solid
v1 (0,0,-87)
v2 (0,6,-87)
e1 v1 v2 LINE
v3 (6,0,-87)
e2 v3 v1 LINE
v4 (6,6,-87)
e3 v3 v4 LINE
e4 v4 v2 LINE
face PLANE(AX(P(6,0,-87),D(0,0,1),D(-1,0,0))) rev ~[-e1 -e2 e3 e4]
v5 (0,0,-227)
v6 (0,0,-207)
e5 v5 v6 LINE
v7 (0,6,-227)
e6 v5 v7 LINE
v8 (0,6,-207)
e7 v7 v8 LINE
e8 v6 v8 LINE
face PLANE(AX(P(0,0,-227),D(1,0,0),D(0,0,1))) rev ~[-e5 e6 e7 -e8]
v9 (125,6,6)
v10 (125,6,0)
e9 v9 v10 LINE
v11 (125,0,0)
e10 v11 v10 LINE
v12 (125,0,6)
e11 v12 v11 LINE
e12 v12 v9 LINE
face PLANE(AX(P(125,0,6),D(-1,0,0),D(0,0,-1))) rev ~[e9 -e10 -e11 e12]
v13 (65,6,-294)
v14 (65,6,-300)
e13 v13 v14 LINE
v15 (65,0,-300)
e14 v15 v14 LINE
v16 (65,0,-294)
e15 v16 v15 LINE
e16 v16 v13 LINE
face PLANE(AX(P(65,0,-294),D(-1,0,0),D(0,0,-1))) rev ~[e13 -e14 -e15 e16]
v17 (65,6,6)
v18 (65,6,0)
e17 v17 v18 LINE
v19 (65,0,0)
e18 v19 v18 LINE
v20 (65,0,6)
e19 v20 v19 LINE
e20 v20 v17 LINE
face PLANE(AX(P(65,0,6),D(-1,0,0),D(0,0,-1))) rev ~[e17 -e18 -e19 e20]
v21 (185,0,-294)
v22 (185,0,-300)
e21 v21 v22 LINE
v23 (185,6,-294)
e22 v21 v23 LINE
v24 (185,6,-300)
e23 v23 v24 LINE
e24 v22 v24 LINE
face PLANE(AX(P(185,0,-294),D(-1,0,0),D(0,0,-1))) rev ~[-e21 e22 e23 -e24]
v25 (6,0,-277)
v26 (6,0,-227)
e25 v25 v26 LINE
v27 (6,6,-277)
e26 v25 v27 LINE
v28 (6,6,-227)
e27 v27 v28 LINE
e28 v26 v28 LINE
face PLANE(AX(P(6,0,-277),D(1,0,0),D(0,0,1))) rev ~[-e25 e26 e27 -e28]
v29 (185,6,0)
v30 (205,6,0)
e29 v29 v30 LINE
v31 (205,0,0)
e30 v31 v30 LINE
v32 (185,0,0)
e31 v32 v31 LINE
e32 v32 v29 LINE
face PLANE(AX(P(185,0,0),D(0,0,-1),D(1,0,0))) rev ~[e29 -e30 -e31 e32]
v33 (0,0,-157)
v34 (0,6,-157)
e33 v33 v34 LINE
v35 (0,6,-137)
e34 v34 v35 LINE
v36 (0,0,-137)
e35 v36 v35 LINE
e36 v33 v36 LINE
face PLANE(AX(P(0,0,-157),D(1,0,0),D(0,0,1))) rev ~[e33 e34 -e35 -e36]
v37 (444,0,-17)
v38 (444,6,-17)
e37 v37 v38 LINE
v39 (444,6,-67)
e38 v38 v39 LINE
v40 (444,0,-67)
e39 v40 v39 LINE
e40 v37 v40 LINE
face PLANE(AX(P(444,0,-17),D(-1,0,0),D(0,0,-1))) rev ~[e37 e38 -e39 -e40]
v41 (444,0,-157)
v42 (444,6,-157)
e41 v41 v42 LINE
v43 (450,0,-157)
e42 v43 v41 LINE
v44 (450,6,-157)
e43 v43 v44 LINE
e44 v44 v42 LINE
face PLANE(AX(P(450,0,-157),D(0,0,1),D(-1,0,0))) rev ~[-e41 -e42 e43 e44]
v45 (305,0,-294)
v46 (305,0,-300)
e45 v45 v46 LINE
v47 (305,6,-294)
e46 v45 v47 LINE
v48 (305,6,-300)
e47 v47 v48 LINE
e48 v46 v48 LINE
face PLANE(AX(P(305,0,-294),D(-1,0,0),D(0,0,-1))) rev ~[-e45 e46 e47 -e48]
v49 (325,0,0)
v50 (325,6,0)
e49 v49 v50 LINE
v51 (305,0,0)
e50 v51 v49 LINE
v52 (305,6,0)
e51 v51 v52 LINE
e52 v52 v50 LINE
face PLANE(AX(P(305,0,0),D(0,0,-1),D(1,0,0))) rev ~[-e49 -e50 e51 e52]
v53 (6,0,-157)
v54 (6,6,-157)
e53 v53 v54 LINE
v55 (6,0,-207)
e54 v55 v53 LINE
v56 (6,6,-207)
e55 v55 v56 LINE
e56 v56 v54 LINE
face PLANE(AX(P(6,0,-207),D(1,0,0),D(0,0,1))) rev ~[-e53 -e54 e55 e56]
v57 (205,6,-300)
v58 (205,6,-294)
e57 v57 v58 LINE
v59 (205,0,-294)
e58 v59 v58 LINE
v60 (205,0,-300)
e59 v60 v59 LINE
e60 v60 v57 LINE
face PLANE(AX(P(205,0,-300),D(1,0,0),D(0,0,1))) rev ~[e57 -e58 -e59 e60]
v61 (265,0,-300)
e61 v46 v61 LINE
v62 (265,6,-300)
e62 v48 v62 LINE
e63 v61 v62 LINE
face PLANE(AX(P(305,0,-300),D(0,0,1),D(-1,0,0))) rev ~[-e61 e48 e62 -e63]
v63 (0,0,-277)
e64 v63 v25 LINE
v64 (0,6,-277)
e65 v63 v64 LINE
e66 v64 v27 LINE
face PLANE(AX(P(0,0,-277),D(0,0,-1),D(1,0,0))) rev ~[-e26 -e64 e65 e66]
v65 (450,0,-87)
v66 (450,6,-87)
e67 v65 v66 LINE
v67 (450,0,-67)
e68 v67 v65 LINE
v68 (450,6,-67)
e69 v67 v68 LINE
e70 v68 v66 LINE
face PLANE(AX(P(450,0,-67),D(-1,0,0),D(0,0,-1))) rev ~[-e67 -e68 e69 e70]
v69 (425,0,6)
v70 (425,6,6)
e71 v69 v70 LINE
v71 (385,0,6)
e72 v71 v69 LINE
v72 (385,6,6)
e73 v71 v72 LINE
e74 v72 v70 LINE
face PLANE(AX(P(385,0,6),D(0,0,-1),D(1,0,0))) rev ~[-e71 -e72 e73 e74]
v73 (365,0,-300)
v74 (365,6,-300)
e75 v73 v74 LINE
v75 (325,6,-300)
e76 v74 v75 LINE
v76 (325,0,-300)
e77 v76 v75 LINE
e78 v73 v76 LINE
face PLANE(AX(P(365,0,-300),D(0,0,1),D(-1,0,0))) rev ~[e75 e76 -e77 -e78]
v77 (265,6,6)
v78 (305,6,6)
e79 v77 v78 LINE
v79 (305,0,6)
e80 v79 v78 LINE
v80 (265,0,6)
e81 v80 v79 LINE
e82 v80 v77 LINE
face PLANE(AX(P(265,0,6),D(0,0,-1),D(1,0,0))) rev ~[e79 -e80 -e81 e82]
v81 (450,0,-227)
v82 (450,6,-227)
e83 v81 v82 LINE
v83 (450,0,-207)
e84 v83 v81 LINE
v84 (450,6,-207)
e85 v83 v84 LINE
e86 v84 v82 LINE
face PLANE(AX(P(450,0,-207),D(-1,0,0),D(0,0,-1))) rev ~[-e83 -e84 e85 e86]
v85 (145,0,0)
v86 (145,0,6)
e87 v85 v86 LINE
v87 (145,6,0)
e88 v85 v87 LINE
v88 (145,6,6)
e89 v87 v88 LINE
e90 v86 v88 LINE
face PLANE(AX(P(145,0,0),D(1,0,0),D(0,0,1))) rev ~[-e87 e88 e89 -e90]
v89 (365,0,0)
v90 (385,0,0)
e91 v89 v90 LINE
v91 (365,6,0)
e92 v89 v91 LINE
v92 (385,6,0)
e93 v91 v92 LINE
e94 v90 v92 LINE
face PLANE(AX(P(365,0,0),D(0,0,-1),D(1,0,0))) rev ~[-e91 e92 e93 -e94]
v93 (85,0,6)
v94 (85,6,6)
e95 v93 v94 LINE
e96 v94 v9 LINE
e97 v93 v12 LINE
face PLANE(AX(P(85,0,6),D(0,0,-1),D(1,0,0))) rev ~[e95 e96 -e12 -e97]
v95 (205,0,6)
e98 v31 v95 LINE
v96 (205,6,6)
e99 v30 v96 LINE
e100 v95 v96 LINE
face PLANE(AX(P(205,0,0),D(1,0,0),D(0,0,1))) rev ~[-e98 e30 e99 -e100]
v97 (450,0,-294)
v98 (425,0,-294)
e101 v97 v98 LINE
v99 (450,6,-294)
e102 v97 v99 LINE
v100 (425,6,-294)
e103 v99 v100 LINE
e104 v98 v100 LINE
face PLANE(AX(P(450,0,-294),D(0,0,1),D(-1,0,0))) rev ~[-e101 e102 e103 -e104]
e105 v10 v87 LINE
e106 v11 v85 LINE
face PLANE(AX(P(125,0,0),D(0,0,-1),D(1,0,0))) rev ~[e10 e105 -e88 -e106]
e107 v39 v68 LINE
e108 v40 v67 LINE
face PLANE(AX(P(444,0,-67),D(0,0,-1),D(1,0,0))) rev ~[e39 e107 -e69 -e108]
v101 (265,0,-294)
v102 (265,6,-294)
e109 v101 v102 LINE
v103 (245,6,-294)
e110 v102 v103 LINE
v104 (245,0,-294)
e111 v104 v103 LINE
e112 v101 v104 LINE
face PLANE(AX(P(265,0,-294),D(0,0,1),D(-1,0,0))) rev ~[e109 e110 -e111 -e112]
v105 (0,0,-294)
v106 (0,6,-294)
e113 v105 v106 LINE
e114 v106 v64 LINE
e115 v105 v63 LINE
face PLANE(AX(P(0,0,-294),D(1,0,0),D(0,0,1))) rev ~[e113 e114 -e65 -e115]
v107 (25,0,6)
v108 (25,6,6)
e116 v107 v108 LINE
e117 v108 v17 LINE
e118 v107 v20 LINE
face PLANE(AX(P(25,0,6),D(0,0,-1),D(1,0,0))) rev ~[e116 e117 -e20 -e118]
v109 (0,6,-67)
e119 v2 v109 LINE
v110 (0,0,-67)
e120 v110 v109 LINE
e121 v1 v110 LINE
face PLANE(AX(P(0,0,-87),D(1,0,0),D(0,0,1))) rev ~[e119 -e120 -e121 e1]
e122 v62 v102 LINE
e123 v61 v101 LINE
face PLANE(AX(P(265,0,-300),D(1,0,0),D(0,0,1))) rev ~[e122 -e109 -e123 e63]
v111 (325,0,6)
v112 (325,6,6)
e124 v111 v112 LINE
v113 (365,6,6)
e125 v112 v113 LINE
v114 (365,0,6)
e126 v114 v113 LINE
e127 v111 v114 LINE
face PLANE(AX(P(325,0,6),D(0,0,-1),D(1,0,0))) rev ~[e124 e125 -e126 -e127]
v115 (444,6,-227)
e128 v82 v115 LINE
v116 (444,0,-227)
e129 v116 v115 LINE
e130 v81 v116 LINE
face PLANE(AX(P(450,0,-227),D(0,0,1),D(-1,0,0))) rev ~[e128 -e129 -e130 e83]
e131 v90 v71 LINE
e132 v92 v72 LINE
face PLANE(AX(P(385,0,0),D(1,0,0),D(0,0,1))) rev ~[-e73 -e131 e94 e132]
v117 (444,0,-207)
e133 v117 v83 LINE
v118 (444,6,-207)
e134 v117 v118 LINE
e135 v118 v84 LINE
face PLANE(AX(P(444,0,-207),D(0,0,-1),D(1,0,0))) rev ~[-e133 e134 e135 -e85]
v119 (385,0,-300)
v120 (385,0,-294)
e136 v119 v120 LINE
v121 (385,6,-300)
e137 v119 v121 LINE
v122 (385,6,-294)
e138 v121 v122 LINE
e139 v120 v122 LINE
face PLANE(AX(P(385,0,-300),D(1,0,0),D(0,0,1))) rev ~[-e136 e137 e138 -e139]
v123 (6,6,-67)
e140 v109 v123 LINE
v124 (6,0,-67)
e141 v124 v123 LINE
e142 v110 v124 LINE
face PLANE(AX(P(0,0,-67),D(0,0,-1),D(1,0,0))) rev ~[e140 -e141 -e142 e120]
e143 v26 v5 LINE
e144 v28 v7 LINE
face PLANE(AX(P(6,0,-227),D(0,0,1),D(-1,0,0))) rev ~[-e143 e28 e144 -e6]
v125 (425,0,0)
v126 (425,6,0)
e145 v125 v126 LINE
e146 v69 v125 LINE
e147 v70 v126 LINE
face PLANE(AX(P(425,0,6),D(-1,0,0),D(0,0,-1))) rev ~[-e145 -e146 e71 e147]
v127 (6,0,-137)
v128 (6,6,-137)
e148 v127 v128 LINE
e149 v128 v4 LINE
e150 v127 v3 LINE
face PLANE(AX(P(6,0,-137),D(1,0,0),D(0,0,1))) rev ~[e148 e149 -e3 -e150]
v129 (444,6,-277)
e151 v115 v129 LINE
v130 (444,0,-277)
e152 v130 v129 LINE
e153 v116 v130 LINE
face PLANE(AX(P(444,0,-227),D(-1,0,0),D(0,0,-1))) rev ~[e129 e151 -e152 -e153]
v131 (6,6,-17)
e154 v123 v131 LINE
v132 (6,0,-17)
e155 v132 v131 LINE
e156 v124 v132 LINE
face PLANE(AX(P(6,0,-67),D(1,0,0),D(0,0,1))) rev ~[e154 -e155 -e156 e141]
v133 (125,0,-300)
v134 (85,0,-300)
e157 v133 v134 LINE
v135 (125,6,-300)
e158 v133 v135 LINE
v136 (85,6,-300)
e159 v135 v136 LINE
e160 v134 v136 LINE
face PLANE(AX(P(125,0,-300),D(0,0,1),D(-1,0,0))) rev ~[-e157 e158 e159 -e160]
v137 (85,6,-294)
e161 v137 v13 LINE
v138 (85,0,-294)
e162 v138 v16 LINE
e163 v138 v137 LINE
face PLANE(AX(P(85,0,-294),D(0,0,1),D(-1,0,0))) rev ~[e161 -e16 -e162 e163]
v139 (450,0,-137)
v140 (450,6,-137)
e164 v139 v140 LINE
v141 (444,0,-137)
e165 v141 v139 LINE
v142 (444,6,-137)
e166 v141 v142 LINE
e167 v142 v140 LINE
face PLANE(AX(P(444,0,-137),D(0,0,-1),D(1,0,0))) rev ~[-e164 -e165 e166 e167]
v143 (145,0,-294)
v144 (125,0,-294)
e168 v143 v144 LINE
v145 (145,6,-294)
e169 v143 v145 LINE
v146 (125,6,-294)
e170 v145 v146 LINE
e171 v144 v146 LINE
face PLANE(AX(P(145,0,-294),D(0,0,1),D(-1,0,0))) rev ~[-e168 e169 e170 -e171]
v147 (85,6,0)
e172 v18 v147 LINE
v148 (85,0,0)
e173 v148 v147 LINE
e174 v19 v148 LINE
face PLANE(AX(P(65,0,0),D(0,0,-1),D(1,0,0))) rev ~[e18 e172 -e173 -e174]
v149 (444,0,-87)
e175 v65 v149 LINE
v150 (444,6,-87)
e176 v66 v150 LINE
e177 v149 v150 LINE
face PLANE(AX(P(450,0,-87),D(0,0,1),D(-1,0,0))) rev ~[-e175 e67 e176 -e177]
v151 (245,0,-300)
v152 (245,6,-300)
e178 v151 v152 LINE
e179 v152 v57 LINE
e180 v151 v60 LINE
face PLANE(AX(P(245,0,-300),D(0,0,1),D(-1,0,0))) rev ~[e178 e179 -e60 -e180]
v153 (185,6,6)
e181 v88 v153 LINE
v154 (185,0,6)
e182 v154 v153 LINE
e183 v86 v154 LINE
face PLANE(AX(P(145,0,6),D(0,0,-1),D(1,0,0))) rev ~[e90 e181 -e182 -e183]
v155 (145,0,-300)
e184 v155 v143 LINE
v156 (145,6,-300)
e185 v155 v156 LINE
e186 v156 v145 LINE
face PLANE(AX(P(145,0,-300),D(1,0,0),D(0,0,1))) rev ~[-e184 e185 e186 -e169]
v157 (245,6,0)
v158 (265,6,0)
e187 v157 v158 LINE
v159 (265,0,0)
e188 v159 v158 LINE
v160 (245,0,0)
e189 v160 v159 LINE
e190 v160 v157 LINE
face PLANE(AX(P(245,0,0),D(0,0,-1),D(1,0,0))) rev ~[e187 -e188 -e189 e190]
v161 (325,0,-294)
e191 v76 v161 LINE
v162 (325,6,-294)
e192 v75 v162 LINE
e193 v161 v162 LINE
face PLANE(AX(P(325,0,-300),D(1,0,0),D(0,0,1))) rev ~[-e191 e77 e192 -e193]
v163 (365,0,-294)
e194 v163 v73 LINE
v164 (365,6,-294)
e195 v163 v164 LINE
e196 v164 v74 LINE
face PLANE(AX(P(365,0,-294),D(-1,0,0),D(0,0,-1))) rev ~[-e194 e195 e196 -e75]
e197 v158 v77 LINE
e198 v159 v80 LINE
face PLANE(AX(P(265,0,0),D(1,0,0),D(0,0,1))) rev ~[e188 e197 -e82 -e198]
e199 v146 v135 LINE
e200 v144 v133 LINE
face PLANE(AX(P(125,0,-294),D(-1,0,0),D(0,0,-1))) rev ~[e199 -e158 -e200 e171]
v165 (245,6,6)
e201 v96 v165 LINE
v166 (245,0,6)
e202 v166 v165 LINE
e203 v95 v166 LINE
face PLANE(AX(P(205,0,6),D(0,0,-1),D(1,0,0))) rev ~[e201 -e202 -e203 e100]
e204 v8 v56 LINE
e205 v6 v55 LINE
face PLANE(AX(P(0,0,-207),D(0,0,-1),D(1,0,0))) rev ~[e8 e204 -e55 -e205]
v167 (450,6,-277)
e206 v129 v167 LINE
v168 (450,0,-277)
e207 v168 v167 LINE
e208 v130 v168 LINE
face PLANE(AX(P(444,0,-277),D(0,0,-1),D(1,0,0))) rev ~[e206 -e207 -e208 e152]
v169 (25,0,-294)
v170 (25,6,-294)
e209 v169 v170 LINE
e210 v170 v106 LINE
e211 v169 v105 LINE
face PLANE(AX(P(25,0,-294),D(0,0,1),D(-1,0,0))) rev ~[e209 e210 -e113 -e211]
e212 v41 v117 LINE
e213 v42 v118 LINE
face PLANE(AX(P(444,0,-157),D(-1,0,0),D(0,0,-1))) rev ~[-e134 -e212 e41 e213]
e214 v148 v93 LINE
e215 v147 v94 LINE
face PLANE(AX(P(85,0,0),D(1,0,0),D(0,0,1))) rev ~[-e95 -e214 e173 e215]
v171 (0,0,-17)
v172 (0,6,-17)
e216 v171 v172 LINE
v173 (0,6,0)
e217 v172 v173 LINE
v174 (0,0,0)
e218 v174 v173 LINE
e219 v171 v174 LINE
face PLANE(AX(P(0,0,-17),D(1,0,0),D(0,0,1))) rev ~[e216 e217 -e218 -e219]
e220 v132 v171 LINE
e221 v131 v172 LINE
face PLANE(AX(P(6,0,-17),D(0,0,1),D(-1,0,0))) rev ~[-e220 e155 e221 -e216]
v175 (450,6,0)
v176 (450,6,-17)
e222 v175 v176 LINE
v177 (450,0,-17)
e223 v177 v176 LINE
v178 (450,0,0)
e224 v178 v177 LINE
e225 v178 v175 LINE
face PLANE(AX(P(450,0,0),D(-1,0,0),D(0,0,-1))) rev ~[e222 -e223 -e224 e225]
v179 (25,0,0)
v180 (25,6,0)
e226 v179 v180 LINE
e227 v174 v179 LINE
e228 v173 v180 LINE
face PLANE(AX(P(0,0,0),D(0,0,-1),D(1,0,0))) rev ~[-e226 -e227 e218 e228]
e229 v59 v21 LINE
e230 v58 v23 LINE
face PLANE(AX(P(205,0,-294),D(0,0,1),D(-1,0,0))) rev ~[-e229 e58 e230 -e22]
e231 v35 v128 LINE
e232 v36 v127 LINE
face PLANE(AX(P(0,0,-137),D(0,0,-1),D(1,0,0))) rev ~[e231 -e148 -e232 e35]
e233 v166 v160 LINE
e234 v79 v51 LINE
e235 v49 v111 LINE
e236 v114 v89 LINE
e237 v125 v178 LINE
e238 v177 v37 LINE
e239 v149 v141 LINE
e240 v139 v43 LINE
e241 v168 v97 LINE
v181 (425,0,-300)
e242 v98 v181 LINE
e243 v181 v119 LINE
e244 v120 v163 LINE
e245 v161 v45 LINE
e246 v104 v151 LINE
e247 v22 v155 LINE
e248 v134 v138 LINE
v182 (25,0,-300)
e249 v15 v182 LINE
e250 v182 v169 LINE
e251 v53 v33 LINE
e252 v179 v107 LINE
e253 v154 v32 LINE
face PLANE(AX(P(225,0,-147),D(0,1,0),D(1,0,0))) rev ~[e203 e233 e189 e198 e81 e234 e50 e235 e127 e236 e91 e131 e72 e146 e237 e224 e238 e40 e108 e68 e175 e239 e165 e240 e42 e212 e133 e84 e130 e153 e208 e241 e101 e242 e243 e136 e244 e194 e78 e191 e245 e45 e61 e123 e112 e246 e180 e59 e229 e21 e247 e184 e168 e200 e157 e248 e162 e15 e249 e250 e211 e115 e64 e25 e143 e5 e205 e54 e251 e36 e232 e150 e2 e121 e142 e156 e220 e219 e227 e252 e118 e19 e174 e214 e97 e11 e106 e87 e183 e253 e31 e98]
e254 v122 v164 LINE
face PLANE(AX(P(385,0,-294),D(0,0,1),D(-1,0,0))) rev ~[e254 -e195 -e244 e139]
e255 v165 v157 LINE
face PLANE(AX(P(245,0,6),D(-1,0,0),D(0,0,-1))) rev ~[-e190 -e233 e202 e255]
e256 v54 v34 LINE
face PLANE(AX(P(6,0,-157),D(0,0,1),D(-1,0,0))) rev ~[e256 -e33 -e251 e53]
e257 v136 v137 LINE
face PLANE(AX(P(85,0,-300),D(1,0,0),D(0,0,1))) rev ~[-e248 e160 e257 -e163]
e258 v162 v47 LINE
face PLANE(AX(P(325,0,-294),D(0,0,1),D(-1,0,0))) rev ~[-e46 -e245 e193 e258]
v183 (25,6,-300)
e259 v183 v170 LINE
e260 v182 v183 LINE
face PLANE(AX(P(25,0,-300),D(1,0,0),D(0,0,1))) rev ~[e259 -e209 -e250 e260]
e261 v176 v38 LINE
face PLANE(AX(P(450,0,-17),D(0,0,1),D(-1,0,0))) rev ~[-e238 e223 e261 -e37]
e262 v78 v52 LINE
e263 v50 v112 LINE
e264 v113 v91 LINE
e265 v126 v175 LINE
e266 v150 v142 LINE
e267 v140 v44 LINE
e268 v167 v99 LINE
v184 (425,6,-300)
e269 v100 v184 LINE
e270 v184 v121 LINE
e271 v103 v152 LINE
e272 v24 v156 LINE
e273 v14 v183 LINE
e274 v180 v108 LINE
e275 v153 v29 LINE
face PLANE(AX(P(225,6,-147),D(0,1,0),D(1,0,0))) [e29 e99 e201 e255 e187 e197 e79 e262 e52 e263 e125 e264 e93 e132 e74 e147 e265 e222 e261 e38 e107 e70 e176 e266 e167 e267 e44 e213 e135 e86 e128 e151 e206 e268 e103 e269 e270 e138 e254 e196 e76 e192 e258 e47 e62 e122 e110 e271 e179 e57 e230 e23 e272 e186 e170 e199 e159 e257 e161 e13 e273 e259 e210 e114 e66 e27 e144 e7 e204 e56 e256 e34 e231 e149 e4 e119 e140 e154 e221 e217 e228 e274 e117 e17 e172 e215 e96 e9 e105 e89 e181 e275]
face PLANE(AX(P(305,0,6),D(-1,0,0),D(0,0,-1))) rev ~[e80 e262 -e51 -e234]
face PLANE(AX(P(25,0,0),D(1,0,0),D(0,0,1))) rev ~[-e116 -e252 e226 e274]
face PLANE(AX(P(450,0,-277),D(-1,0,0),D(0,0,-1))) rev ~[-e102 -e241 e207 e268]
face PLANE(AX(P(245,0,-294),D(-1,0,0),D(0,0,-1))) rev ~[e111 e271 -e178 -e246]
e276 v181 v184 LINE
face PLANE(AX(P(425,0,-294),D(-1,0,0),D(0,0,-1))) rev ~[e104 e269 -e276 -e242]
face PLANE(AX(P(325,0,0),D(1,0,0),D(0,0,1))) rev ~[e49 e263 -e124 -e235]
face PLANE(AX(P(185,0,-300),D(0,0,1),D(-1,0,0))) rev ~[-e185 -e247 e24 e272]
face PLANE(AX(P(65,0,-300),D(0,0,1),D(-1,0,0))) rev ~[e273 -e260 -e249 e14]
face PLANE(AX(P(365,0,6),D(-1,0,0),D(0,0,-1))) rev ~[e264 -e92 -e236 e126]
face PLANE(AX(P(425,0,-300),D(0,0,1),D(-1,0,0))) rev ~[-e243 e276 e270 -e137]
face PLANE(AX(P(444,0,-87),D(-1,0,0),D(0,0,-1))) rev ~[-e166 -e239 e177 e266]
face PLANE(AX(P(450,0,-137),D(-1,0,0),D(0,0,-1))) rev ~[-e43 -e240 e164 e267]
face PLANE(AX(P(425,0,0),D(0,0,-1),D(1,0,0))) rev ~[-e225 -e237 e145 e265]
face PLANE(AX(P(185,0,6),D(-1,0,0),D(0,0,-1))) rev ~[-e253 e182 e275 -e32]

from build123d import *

# Parameters (mm, degrees)
BOSS_EXTRU_1_DEPTH = 6


with BuildPart() as part:
    # Esquisse1 → Boss.-Extru.1 (new body)
    with BuildSketch(Plane(origin=(0, 0, 0), x_dir=(1, 0, 0), z_dir=(0, 1, 0))):
        Polygon((0, 0), (25, 0), (25, -6), (65, -6), (65, 0), (85, 0), (85, -6), (125, -6), (125, 0), (145, 0), (145, -6), (185, -6), (185, 0), (205, 0), (205, -6), (245, -6), (245, 0), (265, 0), (265, -6), (305, -6), (305, 0), (325, 0), (325, -6), (365, -6), (365, 0), (385, 0), (385, -6), (425, -6), (425, 0), (450, 0), (450, 17), (444, 17), (444, 67), (450, 67), (450, 87), (444, 87), (444, 137), (450, 137), (450, 157), (444, 157), (444, 207), (450, 207), (450, 227), (444, 227), (444, 277), (450, 277), (450, 294), (425, 294), (425, 300), (385, 300), (385, 294), (365, 294), (365, 300), (325, 300), (325, 294), (305, 294), (305, 300), (265, 300), (265, 294), (245, 294), (245, 300), (205, 300), (205, 294), (185, 294), (185, 300), (145, 300), (145, 294), (125, 294), (125, 300), (85, 300), (85, 294), (65, 294), (65, 300), (25, 300), (25, 294), (0, 294), (0, 277), (6, 277), (6, 227), (0, 227), (0, 207), (6, 207), (6, 157), (0, 157), (0, 137), (6, 137), (6, 87), (0, 87), (0, 67), (6, 67), (6, 17), (0, 17), align=None)
    extrude(amount=BOSS_EXTRU_1_DEPTH)


solid = part.part
